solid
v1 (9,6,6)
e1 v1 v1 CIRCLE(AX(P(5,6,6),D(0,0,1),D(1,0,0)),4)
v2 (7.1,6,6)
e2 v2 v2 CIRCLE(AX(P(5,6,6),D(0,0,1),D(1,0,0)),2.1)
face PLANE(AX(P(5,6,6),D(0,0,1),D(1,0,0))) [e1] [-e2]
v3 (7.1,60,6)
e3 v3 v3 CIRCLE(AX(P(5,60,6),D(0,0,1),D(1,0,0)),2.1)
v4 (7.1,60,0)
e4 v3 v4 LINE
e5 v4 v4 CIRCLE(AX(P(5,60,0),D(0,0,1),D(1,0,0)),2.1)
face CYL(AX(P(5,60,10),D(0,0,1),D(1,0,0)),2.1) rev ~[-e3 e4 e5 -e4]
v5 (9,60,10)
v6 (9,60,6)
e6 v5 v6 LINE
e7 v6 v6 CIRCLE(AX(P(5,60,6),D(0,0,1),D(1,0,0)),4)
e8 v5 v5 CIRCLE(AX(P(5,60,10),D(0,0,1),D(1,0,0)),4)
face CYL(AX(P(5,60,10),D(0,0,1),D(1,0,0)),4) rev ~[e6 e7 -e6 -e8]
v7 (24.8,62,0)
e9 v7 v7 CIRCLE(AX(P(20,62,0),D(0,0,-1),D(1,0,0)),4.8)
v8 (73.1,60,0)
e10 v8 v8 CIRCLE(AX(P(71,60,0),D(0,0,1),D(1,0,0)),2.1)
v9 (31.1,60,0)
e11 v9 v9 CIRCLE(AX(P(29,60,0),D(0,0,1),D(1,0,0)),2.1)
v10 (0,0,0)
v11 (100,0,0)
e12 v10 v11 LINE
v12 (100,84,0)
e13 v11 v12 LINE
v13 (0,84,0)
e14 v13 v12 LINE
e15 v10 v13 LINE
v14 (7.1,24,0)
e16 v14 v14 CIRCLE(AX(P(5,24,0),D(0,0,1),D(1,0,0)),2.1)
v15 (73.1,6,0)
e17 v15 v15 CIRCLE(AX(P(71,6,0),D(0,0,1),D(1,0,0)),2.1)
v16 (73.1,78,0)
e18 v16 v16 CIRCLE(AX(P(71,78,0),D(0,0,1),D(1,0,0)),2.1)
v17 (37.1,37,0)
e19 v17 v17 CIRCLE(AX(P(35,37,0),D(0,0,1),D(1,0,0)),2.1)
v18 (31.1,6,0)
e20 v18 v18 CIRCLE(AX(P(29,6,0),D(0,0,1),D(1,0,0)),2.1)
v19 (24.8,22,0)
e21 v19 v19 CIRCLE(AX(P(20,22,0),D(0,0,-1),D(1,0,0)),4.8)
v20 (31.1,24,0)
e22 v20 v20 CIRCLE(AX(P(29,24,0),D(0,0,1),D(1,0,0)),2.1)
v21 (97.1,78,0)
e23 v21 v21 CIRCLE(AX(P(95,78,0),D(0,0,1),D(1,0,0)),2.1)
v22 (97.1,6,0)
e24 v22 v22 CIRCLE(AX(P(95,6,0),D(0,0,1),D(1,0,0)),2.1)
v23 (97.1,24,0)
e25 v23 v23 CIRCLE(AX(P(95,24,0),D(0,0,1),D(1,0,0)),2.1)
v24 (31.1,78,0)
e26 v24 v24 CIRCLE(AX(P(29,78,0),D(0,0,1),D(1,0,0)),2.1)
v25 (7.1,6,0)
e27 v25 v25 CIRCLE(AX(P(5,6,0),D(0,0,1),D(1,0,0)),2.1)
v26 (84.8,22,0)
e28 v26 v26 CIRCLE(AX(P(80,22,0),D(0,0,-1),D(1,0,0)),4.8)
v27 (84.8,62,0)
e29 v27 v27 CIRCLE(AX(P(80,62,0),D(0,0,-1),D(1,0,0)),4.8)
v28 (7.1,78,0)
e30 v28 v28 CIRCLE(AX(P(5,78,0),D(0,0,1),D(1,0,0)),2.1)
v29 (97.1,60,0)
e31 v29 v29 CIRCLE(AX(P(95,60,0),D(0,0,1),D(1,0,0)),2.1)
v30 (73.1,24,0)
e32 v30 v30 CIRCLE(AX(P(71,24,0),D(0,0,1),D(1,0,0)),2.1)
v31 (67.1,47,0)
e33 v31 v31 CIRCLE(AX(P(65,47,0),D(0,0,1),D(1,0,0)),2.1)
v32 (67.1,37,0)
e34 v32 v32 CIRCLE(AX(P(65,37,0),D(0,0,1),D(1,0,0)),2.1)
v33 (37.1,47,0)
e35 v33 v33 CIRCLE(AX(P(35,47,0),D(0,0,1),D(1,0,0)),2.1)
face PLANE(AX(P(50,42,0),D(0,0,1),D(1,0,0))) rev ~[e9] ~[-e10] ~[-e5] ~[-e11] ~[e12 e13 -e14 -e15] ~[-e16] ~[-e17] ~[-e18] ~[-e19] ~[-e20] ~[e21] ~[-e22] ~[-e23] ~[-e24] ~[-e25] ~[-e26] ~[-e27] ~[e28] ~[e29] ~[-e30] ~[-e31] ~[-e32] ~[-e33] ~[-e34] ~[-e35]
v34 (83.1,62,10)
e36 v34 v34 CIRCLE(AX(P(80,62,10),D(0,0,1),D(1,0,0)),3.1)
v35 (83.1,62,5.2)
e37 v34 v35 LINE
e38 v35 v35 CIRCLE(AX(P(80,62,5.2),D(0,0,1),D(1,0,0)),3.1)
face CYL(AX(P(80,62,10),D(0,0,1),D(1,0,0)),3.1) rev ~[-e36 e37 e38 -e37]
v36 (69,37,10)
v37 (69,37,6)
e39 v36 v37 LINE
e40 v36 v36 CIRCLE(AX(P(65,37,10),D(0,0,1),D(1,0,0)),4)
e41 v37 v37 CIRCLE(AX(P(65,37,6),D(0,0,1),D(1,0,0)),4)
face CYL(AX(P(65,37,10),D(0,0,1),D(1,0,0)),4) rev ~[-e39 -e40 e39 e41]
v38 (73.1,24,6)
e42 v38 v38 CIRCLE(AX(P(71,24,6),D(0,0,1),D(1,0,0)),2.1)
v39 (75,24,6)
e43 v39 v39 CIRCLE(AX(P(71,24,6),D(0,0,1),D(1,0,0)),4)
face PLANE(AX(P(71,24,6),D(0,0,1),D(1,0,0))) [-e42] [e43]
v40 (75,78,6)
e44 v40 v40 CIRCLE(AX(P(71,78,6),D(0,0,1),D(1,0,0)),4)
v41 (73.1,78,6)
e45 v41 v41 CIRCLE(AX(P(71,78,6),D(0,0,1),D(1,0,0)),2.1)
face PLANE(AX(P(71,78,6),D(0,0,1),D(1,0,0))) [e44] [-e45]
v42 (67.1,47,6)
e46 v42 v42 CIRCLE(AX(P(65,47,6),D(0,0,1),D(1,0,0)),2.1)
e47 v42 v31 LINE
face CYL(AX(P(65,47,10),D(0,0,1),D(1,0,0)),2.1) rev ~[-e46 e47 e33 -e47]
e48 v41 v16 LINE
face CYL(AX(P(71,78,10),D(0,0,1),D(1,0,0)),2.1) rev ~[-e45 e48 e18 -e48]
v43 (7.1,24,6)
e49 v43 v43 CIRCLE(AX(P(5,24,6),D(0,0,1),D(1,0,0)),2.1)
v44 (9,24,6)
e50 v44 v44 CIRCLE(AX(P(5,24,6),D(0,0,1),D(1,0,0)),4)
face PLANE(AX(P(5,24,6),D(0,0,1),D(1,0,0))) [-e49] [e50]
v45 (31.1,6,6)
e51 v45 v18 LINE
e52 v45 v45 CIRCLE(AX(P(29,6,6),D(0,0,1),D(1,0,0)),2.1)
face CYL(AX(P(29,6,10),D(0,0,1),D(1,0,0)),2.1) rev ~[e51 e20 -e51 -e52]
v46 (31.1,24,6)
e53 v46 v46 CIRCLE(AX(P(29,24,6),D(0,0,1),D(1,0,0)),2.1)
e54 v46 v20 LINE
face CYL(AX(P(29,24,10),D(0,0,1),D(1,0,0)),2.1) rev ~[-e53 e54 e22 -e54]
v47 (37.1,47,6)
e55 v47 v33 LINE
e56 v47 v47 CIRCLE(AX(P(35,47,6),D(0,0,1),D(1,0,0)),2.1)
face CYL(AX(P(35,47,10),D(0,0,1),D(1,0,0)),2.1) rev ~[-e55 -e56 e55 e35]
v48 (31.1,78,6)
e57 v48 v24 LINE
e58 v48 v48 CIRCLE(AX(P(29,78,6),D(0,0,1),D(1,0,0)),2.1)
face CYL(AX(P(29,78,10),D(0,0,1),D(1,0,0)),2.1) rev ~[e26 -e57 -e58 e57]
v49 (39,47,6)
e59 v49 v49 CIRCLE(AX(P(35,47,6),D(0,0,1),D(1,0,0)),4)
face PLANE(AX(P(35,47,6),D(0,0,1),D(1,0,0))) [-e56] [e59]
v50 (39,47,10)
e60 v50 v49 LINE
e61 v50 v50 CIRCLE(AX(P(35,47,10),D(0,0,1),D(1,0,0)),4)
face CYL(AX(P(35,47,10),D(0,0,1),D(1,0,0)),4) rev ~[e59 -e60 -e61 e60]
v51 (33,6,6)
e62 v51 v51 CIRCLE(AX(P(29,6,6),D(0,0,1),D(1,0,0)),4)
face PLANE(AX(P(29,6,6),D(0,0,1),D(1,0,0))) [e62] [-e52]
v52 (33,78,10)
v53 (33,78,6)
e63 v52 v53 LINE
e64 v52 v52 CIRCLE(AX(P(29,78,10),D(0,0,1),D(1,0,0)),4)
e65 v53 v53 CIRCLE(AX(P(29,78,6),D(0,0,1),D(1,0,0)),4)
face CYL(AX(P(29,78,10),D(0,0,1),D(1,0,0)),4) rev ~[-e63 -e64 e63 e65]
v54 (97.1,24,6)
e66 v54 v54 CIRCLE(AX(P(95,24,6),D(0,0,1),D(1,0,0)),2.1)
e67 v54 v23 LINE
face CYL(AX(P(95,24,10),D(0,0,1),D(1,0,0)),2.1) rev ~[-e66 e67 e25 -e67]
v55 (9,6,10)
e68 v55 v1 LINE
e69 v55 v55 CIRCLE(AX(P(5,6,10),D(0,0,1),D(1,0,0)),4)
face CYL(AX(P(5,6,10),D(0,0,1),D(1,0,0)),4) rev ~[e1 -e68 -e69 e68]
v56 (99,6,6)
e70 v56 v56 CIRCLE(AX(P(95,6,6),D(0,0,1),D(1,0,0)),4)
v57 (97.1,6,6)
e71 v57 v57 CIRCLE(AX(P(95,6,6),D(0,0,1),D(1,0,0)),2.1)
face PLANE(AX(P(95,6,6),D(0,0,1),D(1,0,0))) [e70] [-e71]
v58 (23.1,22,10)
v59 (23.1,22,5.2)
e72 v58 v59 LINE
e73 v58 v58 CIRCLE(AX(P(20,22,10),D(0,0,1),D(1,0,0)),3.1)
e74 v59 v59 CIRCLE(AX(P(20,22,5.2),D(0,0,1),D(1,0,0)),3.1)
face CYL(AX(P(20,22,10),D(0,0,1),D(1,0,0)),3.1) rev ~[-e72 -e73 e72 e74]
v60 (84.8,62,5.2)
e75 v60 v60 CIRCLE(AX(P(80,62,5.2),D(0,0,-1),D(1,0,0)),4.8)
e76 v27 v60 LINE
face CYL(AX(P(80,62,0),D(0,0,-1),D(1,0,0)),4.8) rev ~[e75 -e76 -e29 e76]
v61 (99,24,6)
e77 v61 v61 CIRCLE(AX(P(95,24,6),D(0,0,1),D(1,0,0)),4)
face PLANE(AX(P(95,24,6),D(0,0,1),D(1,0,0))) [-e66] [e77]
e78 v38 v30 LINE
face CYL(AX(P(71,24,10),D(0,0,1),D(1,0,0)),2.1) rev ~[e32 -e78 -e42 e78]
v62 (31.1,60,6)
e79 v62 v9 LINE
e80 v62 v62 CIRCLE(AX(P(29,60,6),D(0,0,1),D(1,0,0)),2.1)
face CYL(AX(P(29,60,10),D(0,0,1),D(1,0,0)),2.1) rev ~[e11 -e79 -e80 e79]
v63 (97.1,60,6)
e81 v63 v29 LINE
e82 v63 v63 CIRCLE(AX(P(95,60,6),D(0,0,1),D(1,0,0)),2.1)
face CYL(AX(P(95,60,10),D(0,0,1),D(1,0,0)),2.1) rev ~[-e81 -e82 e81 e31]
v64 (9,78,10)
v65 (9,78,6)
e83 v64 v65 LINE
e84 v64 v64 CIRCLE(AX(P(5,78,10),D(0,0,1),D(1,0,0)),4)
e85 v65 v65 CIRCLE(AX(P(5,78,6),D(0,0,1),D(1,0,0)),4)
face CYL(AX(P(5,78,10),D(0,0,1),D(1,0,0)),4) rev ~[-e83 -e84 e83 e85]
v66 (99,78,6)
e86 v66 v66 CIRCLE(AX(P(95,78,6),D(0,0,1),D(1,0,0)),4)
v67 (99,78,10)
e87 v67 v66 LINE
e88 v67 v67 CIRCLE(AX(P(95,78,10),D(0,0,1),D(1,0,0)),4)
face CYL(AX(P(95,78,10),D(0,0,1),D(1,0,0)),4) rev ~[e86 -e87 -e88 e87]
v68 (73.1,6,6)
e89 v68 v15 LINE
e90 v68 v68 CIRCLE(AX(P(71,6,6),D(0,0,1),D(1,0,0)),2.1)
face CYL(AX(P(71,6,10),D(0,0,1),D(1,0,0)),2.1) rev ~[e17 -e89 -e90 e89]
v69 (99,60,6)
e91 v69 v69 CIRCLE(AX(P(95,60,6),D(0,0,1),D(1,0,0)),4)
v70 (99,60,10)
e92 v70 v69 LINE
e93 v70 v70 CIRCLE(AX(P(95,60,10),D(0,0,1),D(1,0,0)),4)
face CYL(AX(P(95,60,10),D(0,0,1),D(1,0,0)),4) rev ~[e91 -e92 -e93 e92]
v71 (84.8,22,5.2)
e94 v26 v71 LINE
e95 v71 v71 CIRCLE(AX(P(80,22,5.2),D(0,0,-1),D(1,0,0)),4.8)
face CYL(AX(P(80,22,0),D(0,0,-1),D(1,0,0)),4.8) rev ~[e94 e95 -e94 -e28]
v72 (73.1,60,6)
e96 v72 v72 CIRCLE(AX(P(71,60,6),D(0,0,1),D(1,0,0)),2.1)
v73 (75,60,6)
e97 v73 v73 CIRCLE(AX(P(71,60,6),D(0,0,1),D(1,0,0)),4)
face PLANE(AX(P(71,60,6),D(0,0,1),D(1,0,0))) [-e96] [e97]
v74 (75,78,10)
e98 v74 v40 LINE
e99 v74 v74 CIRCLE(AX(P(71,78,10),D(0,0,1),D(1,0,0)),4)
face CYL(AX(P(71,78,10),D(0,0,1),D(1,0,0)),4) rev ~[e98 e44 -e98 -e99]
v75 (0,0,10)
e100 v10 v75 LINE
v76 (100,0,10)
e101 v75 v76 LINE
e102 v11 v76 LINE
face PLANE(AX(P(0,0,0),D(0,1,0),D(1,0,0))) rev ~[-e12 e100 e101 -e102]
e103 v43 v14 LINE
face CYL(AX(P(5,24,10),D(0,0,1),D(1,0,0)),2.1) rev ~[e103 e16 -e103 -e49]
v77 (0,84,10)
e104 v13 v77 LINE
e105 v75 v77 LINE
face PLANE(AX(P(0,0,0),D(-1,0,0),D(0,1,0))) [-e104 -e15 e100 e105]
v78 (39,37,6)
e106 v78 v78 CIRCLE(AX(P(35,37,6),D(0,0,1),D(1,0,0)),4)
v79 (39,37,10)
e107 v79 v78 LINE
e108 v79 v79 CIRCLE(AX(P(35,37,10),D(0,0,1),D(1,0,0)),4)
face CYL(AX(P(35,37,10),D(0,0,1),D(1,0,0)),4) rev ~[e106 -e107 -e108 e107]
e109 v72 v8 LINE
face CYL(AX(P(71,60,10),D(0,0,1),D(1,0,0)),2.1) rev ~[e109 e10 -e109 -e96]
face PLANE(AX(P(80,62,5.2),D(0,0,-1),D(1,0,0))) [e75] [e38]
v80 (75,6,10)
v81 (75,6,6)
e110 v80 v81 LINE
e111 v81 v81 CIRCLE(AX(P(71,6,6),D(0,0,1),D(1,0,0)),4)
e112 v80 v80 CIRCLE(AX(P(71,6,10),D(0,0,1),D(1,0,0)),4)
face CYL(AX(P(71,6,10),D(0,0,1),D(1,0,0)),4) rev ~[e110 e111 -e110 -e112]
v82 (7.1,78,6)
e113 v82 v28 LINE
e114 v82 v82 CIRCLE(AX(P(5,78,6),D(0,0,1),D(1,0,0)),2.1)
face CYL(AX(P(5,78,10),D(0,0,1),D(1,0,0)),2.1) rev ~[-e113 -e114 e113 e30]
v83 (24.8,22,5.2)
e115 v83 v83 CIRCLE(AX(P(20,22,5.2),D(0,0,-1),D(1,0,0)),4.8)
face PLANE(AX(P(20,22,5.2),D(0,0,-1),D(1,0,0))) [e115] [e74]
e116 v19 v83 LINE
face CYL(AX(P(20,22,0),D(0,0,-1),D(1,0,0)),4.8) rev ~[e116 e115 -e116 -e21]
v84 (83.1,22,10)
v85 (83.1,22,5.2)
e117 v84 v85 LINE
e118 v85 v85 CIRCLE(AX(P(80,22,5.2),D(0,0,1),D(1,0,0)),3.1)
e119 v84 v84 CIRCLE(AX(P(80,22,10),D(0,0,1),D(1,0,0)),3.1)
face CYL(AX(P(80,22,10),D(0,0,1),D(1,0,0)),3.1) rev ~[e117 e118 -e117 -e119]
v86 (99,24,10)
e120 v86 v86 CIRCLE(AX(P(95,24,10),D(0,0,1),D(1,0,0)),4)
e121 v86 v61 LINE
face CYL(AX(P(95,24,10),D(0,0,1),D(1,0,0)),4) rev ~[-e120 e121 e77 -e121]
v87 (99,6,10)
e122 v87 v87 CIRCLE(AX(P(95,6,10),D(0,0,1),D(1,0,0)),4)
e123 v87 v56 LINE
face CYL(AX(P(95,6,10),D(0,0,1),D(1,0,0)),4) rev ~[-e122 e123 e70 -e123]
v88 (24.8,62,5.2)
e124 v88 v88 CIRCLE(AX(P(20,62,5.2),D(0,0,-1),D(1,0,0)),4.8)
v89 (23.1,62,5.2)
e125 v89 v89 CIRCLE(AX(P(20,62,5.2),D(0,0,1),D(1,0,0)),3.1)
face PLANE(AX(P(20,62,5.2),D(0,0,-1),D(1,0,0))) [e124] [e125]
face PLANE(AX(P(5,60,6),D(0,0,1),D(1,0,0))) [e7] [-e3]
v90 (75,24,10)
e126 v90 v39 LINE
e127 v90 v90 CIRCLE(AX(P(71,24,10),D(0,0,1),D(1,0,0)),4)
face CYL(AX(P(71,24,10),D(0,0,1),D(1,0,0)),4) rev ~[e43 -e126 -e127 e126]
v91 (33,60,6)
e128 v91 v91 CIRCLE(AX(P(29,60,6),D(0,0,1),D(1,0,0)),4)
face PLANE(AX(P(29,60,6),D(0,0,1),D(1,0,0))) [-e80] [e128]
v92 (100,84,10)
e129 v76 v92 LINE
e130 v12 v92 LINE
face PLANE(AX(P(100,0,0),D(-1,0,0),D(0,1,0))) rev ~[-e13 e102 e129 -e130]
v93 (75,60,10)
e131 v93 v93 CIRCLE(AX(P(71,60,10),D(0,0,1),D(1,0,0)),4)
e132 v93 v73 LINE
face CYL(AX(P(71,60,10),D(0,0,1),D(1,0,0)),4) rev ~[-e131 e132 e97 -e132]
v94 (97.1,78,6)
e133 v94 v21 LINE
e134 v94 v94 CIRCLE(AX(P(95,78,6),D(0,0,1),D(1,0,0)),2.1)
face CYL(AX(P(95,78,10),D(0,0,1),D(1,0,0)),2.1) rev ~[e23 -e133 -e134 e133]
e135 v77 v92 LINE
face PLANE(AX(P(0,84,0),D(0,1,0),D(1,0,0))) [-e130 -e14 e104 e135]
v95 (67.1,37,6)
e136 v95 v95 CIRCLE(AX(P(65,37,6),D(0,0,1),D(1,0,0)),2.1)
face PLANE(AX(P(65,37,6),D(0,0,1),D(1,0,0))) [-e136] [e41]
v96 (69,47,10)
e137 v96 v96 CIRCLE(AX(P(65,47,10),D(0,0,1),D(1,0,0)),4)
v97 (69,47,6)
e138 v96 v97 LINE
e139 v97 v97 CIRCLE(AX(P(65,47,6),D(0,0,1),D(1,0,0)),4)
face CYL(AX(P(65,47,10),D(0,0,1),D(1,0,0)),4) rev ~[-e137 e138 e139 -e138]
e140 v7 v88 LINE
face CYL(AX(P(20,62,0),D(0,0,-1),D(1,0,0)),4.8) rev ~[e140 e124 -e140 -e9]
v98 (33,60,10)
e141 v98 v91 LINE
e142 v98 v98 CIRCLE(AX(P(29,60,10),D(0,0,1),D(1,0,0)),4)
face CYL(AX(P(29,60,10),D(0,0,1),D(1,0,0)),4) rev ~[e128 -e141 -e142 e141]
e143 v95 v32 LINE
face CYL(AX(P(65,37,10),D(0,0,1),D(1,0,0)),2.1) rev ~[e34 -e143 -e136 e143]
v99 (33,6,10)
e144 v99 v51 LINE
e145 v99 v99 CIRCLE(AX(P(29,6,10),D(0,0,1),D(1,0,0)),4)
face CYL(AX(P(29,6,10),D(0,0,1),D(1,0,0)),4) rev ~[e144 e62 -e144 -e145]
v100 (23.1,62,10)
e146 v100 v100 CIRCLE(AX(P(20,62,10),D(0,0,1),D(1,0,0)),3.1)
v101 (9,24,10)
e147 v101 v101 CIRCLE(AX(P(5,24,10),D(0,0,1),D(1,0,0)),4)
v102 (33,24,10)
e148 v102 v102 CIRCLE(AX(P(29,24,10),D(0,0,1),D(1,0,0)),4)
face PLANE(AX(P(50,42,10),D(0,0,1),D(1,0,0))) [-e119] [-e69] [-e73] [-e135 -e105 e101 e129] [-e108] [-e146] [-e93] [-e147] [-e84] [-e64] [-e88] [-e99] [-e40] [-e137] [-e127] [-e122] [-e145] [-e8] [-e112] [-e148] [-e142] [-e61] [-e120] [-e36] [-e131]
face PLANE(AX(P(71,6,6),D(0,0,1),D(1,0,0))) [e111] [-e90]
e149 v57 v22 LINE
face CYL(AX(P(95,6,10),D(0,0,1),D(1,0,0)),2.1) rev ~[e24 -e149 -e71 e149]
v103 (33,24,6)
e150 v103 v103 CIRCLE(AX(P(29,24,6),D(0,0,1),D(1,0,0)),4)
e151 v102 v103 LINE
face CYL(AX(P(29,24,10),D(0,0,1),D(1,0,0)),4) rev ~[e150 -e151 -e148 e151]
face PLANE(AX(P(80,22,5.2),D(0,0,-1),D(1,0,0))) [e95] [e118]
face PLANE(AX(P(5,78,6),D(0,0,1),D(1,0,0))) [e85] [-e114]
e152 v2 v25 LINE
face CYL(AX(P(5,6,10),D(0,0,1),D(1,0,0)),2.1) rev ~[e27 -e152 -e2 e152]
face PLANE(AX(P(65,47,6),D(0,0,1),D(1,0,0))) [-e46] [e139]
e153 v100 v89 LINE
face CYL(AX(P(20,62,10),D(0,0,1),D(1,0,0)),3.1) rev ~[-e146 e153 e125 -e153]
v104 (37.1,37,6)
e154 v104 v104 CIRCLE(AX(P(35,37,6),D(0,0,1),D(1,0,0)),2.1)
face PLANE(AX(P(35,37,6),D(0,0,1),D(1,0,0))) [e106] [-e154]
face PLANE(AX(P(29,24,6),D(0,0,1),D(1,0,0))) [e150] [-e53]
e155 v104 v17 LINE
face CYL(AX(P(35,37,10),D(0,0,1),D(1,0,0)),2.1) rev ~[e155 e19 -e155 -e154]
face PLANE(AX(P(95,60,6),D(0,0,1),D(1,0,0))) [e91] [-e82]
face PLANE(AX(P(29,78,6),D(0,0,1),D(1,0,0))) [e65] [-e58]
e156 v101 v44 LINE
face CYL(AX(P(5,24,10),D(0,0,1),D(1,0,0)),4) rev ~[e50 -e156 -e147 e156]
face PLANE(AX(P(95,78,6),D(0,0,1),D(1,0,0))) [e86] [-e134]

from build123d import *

# Parameters (mm, degrees)
SKETCH_W        = 100
SKETCH_H        = 84
PAD_DEPTH       = 10
SKETCH001_R     = 2.1
POCKET_DEPTH    = 10
SKETCH002_R     = 2.1
POCKET001_DEPTH = 10
SKETCH003_R     = 4
POCKET002_DEPTH = 4
SKETCH004_R     = 4
POCKET003_DEPTH = 4
SKETCH005_R     = 3.1
POCKET004_DEPTH = 10
SKETCH006_R     = 4.8
POCKET005_DEPTH = 5.2


with BuildPart() as part:
    # Sketch → Pad (new body)
    with BuildSketch(Plane.XY):
        with Locations((50, 42)):
            Rectangle(SKETCH_W, SKETCH_H)
    extrude(amount=PAD_DEPTH)

    # Sketch001 (on Face6 of Pad) → Pocket (cut)
    with BuildSketch(Plane.XY.offset(10)):
        with Locations((5, 6)):
            Circle(SKETCH001_R)
        with Locations((29, 6)):
            Circle(SKETCH001_R)
        with Locations((71, 6)):
            Circle(SKETCH001_R)
        with Locations((95, 6)):
            Circle(SKETCH001_R)
        with Locations((5, 24)):
            Circle(SKETCH001_R)
        with Locations((29, 24)):
            Circle(SKETCH001_R)
        with Locations((71, 24)):
            Circle(SKETCH001_R)
        with Locations((95, 24)):
            Circle(SKETCH001_R)
        with Locations((5, 78)):
            Circle(SKETCH001_R)
        with Locations((29, 78)):
            Circle(SKETCH001_R)
        with Locations((5, 60)):
            Circle(SKETCH001_R)
        with Locations((29, 60)):
            Circle(SKETCH001_R)
        with Locations((71, 78)):
            Circle(SKETCH001_R)
        with Locations((95, 78)):
            Circle(SKETCH001_R)
        with Locations((71, 60)):
            Circle(SKETCH001_R)
        with Locations((95, 60)):
            Circle(SKETCH001_R)
    extrude(amount=-POCKET_DEPTH, mode=Mode.SUBTRACT)

    # Sketch002 (on Face5 of Pocket) → Pocket001 (cut)
    with BuildSketch(Plane.XY.offset(10)):
        with Locations((35, 47)):
            Circle(SKETCH002_R)
        with Locations((65, 47)):
            Circle(SKETCH002_R)
        with Locations((35, 37)):
            Circle(SKETCH002_R)
        with Locations((65, 37)):
            Circle(SKETCH002_R)
    extrude(amount=-POCKET001_DEPTH, mode=Mode.SUBTRACT)

    # Sketch003 (on Face5 of Pocket001) → Pocket002 (cut)
    with BuildSketch(Plane.XY.offset(10)):
        with Locations((35, 47)):
            Circle(SKETCH003_R)
        with Locations((65, 47)):
            Circle(SKETCH003_R)
        with Locations((35, 37)):
            Circle(SKETCH003_R)
        with Locations((65, 37)):
            Circle(SKETCH003_R)
    extrude(amount=-POCKET002_DEPTH, mode=Mode.SUBTRACT)

    # Sketch004 (on Face5 of Pocket002) → Pocket003 (cut)
    with BuildSketch(Plane.XY.offset(10)):
        with Locations((5, 78)):
            Circle(SKETCH004_R)
        with Locations((29, 78)):
            Circle(SKETCH004_R)
        with Locations((5, 60)):
            Circle(SKETCH004_R)
        with Locations((29, 60)):
            Circle(SKETCH004_R)
        with Locations((5, 24)):
            Circle(SKETCH004_R)
        with Locations((29, 24)):
            Circle(SKETCH004_R)
        with Locations((5, 6)):
            Circle(SKETCH004_R)
        with Locations((29, 6)):
            Circle(SKETCH004_R)
        with Locations((71, 78)):
            Circle(SKETCH004_R)
        with Locations((71, 60)):
            Circle(SKETCH004_R)
        with Locations((95, 78)):
            Circle(SKETCH004_R)
        with Locations((95, 60)):
            Circle(SKETCH004_R)
        with Locations((71, 24)):
            Circle(SKETCH004_R)
        with Locations((95, 24)):
            Circle(SKETCH004_R)
        with Locations((71, 6)):
            Circle(SKETCH004_R)
        with Locations((95, 6)):
            Circle(SKETCH004_R)
    extrude(amount=-POCKET003_DEPTH, mode=Mode.SUBTRACT)

    # Sketch005 (on Face5 of Pocket003) → Pocket004 (cut)
    with BuildSketch(Plane.XY.offset(10)):
        with Locations((20, 62)):
            Circle(SKETCH005_R)
        with Locations((80, 62)):
            Circle(SKETCH005_R)
        with Locations((20, 22)):
            Circle(SKETCH005_R)
        with Locations((80, 22)):
            Circle(SKETCH005_R)
    extrude(amount=-POCKET004_DEPTH, mode=Mode.SUBTRACT)

    # Sketch006 (on Face4 of Pocket004) → Pocket005 (cut)
    with BuildSketch(Plane(origin=(0, 0, 0), x_dir=(1, 0, 0), z_dir=(0, 0, -1))):
        with Locations((20, -22)):
            Circle(SKETCH006_R)
        with Locations((20, -62)):
            Circle(SKETCH006_R)
        with Locations((80, -62)):
            Circle(SKETCH006_R)
        with Locations((80, -22)):
            Circle(SKETCH006_R)
    extrude(amount=-POCKET005_DEPTH, mode=Mode.SUBTRACT)


solid = part.part
